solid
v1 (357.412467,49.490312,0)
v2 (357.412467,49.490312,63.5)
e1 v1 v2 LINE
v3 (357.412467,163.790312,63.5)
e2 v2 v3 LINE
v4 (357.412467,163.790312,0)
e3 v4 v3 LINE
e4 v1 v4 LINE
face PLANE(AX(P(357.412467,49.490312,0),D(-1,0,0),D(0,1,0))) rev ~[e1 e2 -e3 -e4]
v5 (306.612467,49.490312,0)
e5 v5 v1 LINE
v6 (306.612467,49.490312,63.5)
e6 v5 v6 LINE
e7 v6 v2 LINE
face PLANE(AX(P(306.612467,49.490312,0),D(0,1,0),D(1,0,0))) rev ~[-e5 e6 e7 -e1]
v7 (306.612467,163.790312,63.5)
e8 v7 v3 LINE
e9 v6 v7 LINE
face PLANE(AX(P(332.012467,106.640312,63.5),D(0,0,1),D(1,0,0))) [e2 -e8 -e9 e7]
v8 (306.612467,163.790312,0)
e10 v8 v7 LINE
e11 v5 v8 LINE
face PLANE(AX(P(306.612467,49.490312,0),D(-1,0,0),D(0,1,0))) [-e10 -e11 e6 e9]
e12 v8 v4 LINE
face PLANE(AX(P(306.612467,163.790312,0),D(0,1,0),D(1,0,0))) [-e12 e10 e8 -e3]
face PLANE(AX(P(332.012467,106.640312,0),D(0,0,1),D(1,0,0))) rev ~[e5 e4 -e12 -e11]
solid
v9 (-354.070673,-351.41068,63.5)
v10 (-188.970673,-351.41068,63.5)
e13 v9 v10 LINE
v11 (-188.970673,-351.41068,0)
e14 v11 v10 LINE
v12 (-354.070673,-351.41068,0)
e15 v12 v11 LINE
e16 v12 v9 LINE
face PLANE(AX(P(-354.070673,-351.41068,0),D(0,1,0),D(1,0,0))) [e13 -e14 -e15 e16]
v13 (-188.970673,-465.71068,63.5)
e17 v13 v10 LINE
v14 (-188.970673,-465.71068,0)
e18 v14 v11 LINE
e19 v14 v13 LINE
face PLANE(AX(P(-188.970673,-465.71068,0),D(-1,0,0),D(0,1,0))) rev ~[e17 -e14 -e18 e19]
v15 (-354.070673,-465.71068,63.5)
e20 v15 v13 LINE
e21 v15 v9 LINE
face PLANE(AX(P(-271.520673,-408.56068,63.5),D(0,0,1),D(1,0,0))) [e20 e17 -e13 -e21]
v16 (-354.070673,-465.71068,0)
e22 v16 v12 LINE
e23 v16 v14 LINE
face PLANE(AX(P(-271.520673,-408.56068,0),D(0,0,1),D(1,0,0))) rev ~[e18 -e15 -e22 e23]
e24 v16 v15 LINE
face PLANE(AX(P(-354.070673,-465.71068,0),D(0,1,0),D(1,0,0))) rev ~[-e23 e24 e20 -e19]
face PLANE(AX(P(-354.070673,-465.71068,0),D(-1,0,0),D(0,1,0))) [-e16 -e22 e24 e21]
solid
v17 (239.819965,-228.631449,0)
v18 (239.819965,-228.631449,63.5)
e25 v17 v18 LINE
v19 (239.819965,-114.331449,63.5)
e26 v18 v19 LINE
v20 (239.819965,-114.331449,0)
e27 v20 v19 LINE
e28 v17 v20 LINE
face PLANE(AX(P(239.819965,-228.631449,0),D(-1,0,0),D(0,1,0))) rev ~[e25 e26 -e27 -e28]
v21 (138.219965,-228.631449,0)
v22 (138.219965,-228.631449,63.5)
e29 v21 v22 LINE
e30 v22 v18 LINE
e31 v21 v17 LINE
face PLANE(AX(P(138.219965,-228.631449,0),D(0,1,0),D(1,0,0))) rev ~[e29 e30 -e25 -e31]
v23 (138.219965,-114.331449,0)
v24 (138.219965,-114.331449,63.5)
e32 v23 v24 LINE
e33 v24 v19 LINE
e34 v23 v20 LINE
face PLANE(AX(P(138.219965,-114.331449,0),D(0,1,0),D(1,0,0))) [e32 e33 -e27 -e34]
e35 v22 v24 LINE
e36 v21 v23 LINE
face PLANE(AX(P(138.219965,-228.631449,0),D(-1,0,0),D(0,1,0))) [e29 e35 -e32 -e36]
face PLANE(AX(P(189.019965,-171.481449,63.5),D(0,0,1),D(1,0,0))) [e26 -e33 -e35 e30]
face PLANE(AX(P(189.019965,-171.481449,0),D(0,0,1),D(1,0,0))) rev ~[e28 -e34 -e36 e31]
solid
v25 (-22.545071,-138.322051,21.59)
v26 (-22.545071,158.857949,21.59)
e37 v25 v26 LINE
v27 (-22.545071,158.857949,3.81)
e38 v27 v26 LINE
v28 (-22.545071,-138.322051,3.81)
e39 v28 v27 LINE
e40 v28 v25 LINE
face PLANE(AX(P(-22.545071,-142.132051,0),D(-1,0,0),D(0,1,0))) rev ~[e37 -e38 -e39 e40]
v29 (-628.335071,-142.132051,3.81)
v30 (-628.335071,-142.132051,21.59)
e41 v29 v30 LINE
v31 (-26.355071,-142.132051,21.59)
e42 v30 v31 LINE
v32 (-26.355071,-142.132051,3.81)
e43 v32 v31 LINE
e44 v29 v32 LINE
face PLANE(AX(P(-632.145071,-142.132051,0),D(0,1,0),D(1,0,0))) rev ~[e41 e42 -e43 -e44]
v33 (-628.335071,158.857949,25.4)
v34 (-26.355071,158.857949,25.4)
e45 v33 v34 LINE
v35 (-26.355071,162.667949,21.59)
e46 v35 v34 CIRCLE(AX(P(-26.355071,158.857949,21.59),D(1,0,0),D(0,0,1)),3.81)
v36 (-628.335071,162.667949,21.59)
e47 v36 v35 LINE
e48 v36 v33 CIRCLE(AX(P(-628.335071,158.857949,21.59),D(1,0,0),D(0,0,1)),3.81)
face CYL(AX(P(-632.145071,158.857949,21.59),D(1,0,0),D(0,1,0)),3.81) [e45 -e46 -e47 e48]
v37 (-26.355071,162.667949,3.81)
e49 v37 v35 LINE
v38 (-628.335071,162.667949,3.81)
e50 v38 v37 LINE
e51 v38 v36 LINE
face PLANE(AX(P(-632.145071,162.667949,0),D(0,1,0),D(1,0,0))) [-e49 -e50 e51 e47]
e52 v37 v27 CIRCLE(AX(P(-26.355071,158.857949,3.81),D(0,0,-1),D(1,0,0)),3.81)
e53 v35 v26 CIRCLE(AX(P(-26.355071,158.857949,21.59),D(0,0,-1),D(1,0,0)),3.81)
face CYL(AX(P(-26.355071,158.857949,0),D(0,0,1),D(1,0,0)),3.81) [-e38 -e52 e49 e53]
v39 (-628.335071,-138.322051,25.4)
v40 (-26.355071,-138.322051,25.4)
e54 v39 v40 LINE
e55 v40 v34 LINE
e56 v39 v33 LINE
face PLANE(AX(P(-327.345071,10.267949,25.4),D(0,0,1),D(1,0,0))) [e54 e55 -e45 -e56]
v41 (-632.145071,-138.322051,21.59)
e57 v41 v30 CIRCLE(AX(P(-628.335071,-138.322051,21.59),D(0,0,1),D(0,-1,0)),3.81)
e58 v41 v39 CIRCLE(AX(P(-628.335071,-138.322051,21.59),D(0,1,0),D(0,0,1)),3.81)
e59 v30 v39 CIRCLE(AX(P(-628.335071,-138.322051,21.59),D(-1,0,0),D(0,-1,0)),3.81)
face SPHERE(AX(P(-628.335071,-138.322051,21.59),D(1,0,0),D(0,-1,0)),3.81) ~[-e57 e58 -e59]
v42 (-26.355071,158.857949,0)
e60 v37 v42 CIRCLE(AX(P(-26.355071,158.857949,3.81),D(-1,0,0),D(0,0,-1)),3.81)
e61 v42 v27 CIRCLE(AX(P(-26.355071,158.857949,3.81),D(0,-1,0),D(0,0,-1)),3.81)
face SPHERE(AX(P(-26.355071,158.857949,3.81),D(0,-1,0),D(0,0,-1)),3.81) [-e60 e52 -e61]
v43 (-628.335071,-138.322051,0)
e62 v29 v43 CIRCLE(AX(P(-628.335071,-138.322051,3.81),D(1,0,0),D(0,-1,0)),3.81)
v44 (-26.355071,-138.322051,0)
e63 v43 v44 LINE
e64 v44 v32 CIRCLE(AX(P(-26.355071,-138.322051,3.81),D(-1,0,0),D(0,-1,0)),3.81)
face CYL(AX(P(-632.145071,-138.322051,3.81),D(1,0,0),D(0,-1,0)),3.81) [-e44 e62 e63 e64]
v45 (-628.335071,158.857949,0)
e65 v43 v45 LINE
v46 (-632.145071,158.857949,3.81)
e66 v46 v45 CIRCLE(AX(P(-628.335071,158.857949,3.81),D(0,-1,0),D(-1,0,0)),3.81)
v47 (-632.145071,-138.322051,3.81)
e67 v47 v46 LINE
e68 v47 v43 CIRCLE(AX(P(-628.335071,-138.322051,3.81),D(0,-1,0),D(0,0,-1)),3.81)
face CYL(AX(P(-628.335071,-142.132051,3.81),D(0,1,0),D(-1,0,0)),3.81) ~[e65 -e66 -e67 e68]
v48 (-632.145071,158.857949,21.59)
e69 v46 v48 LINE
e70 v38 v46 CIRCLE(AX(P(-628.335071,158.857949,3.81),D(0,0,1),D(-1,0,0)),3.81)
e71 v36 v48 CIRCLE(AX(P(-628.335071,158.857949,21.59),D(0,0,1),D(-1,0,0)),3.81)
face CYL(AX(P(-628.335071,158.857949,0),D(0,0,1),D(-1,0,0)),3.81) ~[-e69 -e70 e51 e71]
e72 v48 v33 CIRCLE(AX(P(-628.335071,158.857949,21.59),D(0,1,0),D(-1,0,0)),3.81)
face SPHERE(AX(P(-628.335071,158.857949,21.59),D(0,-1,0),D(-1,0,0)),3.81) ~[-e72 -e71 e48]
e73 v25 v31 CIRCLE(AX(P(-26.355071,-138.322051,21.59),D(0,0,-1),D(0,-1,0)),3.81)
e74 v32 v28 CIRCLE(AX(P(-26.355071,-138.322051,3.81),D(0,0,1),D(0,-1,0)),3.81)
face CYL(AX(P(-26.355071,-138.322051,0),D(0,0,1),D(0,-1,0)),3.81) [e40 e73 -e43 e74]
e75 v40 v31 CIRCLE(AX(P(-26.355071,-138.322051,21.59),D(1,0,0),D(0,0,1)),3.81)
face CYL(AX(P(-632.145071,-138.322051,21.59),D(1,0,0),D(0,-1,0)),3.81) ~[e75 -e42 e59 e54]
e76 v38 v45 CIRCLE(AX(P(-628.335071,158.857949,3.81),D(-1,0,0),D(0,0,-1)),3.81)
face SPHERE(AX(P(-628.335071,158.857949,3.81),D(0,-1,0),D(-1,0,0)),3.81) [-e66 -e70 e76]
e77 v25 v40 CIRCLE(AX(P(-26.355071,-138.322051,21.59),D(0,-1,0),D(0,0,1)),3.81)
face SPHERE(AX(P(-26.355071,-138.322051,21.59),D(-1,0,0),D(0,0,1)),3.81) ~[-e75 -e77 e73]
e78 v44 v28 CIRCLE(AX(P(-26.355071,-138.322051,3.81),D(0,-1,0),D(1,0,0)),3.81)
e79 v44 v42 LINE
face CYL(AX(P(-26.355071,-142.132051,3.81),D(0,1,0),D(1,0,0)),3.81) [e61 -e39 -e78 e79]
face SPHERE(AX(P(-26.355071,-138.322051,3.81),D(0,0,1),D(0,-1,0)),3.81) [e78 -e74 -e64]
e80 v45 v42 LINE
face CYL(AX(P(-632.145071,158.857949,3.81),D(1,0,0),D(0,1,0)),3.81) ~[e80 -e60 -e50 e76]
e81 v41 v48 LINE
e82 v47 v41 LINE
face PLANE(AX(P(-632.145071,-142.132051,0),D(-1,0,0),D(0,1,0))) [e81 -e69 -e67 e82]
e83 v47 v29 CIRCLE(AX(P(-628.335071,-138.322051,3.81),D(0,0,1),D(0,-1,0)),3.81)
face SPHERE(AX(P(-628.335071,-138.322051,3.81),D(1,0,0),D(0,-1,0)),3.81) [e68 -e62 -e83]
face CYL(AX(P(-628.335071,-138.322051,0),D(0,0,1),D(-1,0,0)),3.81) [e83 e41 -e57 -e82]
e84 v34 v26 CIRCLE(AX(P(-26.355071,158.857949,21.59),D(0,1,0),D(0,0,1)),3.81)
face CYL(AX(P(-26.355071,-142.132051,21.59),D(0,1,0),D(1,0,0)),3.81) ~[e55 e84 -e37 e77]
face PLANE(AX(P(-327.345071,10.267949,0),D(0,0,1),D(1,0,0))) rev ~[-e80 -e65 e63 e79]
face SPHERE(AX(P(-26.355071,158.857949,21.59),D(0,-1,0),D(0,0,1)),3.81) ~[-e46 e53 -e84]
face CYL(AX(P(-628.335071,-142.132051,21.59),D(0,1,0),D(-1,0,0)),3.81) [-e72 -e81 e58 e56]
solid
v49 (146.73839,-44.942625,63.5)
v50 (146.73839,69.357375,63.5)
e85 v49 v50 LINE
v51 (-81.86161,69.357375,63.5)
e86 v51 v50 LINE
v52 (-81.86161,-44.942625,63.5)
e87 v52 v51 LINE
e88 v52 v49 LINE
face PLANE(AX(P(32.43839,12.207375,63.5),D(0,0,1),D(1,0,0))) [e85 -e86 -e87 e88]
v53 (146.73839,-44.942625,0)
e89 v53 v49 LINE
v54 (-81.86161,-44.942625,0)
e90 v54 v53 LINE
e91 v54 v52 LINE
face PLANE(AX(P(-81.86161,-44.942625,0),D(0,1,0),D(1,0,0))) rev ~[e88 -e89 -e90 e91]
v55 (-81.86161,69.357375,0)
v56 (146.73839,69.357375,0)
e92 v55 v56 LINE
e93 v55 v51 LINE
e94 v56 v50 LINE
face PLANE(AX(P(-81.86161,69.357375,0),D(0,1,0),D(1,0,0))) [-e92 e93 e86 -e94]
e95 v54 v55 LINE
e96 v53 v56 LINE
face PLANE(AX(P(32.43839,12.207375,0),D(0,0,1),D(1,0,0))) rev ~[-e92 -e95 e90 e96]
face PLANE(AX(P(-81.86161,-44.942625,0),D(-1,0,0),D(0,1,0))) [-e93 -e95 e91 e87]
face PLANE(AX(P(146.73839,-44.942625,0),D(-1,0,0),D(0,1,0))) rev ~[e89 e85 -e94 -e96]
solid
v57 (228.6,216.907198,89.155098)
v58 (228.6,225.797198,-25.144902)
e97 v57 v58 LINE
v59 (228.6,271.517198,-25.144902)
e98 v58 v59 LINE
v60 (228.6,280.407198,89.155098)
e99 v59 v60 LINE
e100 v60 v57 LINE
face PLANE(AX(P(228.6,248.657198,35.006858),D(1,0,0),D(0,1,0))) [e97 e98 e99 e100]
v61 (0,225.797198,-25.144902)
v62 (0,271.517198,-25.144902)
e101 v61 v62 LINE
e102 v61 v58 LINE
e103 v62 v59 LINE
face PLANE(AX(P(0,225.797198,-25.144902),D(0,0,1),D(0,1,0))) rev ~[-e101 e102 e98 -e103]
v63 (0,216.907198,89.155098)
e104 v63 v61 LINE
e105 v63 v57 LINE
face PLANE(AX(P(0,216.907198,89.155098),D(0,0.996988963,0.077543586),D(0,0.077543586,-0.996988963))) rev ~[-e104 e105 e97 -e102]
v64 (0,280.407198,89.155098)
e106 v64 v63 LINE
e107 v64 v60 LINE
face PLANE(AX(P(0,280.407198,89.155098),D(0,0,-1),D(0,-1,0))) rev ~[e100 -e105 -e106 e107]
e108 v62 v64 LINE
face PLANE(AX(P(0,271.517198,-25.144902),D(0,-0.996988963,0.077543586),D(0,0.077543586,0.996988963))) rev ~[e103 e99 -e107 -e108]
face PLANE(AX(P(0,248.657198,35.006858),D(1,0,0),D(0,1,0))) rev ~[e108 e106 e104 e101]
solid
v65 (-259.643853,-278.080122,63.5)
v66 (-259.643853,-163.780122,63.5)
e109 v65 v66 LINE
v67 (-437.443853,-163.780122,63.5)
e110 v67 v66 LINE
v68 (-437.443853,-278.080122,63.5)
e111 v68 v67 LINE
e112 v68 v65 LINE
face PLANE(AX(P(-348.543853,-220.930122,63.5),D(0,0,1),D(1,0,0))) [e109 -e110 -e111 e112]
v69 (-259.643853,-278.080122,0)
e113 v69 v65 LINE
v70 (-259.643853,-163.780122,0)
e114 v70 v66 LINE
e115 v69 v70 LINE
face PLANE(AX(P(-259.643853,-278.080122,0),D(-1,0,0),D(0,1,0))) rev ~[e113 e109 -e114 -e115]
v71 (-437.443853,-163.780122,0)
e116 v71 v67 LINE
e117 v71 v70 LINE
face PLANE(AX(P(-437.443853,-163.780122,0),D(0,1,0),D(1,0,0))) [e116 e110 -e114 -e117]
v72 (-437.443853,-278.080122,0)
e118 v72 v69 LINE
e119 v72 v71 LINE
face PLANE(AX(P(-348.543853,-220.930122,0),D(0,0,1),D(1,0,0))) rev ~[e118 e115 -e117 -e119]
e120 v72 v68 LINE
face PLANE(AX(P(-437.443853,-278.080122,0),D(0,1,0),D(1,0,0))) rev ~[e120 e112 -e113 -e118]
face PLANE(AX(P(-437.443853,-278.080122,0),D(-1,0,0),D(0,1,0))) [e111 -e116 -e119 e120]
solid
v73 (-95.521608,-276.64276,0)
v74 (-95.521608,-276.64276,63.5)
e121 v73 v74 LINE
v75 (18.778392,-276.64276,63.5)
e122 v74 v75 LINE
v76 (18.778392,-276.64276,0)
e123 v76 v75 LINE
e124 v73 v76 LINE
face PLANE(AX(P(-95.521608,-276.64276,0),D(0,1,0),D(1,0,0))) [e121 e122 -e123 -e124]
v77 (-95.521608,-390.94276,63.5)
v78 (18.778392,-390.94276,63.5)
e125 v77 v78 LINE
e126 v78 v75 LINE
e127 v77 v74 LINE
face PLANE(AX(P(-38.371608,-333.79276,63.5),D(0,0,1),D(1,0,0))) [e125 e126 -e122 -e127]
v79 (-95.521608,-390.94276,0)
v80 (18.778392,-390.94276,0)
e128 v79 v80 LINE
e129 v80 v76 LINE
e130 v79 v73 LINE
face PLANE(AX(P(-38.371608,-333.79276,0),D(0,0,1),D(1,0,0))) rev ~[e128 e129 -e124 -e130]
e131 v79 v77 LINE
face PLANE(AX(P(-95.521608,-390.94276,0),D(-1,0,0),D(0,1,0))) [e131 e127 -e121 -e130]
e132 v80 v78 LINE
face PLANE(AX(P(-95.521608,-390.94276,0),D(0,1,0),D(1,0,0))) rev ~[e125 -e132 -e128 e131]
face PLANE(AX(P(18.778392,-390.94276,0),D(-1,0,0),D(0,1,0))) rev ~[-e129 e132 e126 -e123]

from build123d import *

# Parameters (mm, degrees)
F0_W      = 228.6
F0_H      = 114.3
F1_DEPTH  = 63.5
F2_W      = 609.6
F2_H      = 304.8
F3_DEPTH  = 25.4
F4_R      = 3.81
F5_W      = 101.6
F5_H      = 114.3
F6_DEPTH  = 63.5
F7_W      = 177.8
F7_H      = 114.3
F8_DEPTH  = 63.5
F9_W      = 114.3
F9_H      = 114.3
F10_DEPTH = 63.5
F11_W     = 165.1
F11_H     = 114.3
F12_DEPTH = 63.5
F13_W     = 50.8
F13_H     = 114.3
F14_DEPTH = 63.5
F16_DEPTH = 228.6


with BuildPart() as f1:
    # F0 (on Top) → F1 (new body)
    with BuildSketch(Plane.XY):
        with Locations((32.43839, 12.207375)):
            Rectangle(F0_W, F0_H)
    extrude(amount=F1_DEPTH)


with BuildPart() as f3:
    # F2 (on Top) → F3 (new body)
    with BuildSketch(Plane.XY):
        with Locations((-327.345071, 10.267949)):
            Rectangle(F2_W, F2_H)
    extrude(amount=F3_DEPTH)

    # F4
    f4_edges = [f3.edges().sort_by_distance(p)[0] for p in [
        (-327.345071, -142.132051, 25.4),
        (-22.545071, 10.267949, 25.4),
        (-22.545071, -142.132051, 12.7),
        (-327.345071, -142.132051, 0),
        (-22.545071, 10.267949, 0),
        (-632.145071, -142.132051, 12.7),
        (-632.145071, 10.267949, 25.4),
        (-632.145071, 10.267949, 0),
        (-632.145071, 162.667949, 12.7),
        (-327.345071, 162.667949, 25.4),
        (-327.345071, 162.667949, 0),
        (-22.545071, 162.667949, 12.7),
    ]]
    fillet(f4_edges, radius=F4_R)


with BuildPart() as f6:
    # F5 (on Top) → F6 (new body)
    with BuildSketch(Plane.XY):
        with Locations((189.019965, -171.481449)):
            Rectangle(F5_W, F5_H)
    extrude(amount=F6_DEPTH)


with BuildPart() as f8:
    # F7 (on Top) → F8 (new body)
    with BuildSketch(Plane.XY):
        with Locations((-348.543853, -220.930122)):
            Rectangle(F7_W, F7_H)
    extrude(amount=F8_DEPTH)


with BuildPart() as f10:
    # F9 (on Top) → F10 (new body)
    with BuildSketch(Plane.XY):
        with Locations((-38.371608, -333.79276)):
            Rectangle(F9_W, F9_H)
    extrude(amount=F10_DEPTH)


with BuildPart() as f12:
    # F11 (on Top) → F12 (new body)
    with BuildSketch(Plane.XY):
        with Locations((-271.520673, -408.56068)):
            Rectangle(F11_W, F11_H)
    extrude(amount=F12_DEPTH)


with BuildPart() as f14:
    # F13 (on Top) → F14 (new body)
    with BuildSketch(Plane.XY):
        with Locations((332.012467, 106.640312)):
            Rectangle(F13_W, F13_H)
    extrude(amount=F14_DEPTH)


with BuildPart() as f16:
    # F15 (on Right) → F16 (new body)
    with BuildSketch(Plane.YZ):
        Polygon((280.407198, 89.155098), (216.907198, 89.155098), (225.797198, -25.144902), (271.517198, -25.144902), align=None)
    extrude(amount=F16_DEPTH)


solid = Compound([f1.part, f3.part, f6.part, f8.part, f10.part, f12.part, f14.part, f16.part])
